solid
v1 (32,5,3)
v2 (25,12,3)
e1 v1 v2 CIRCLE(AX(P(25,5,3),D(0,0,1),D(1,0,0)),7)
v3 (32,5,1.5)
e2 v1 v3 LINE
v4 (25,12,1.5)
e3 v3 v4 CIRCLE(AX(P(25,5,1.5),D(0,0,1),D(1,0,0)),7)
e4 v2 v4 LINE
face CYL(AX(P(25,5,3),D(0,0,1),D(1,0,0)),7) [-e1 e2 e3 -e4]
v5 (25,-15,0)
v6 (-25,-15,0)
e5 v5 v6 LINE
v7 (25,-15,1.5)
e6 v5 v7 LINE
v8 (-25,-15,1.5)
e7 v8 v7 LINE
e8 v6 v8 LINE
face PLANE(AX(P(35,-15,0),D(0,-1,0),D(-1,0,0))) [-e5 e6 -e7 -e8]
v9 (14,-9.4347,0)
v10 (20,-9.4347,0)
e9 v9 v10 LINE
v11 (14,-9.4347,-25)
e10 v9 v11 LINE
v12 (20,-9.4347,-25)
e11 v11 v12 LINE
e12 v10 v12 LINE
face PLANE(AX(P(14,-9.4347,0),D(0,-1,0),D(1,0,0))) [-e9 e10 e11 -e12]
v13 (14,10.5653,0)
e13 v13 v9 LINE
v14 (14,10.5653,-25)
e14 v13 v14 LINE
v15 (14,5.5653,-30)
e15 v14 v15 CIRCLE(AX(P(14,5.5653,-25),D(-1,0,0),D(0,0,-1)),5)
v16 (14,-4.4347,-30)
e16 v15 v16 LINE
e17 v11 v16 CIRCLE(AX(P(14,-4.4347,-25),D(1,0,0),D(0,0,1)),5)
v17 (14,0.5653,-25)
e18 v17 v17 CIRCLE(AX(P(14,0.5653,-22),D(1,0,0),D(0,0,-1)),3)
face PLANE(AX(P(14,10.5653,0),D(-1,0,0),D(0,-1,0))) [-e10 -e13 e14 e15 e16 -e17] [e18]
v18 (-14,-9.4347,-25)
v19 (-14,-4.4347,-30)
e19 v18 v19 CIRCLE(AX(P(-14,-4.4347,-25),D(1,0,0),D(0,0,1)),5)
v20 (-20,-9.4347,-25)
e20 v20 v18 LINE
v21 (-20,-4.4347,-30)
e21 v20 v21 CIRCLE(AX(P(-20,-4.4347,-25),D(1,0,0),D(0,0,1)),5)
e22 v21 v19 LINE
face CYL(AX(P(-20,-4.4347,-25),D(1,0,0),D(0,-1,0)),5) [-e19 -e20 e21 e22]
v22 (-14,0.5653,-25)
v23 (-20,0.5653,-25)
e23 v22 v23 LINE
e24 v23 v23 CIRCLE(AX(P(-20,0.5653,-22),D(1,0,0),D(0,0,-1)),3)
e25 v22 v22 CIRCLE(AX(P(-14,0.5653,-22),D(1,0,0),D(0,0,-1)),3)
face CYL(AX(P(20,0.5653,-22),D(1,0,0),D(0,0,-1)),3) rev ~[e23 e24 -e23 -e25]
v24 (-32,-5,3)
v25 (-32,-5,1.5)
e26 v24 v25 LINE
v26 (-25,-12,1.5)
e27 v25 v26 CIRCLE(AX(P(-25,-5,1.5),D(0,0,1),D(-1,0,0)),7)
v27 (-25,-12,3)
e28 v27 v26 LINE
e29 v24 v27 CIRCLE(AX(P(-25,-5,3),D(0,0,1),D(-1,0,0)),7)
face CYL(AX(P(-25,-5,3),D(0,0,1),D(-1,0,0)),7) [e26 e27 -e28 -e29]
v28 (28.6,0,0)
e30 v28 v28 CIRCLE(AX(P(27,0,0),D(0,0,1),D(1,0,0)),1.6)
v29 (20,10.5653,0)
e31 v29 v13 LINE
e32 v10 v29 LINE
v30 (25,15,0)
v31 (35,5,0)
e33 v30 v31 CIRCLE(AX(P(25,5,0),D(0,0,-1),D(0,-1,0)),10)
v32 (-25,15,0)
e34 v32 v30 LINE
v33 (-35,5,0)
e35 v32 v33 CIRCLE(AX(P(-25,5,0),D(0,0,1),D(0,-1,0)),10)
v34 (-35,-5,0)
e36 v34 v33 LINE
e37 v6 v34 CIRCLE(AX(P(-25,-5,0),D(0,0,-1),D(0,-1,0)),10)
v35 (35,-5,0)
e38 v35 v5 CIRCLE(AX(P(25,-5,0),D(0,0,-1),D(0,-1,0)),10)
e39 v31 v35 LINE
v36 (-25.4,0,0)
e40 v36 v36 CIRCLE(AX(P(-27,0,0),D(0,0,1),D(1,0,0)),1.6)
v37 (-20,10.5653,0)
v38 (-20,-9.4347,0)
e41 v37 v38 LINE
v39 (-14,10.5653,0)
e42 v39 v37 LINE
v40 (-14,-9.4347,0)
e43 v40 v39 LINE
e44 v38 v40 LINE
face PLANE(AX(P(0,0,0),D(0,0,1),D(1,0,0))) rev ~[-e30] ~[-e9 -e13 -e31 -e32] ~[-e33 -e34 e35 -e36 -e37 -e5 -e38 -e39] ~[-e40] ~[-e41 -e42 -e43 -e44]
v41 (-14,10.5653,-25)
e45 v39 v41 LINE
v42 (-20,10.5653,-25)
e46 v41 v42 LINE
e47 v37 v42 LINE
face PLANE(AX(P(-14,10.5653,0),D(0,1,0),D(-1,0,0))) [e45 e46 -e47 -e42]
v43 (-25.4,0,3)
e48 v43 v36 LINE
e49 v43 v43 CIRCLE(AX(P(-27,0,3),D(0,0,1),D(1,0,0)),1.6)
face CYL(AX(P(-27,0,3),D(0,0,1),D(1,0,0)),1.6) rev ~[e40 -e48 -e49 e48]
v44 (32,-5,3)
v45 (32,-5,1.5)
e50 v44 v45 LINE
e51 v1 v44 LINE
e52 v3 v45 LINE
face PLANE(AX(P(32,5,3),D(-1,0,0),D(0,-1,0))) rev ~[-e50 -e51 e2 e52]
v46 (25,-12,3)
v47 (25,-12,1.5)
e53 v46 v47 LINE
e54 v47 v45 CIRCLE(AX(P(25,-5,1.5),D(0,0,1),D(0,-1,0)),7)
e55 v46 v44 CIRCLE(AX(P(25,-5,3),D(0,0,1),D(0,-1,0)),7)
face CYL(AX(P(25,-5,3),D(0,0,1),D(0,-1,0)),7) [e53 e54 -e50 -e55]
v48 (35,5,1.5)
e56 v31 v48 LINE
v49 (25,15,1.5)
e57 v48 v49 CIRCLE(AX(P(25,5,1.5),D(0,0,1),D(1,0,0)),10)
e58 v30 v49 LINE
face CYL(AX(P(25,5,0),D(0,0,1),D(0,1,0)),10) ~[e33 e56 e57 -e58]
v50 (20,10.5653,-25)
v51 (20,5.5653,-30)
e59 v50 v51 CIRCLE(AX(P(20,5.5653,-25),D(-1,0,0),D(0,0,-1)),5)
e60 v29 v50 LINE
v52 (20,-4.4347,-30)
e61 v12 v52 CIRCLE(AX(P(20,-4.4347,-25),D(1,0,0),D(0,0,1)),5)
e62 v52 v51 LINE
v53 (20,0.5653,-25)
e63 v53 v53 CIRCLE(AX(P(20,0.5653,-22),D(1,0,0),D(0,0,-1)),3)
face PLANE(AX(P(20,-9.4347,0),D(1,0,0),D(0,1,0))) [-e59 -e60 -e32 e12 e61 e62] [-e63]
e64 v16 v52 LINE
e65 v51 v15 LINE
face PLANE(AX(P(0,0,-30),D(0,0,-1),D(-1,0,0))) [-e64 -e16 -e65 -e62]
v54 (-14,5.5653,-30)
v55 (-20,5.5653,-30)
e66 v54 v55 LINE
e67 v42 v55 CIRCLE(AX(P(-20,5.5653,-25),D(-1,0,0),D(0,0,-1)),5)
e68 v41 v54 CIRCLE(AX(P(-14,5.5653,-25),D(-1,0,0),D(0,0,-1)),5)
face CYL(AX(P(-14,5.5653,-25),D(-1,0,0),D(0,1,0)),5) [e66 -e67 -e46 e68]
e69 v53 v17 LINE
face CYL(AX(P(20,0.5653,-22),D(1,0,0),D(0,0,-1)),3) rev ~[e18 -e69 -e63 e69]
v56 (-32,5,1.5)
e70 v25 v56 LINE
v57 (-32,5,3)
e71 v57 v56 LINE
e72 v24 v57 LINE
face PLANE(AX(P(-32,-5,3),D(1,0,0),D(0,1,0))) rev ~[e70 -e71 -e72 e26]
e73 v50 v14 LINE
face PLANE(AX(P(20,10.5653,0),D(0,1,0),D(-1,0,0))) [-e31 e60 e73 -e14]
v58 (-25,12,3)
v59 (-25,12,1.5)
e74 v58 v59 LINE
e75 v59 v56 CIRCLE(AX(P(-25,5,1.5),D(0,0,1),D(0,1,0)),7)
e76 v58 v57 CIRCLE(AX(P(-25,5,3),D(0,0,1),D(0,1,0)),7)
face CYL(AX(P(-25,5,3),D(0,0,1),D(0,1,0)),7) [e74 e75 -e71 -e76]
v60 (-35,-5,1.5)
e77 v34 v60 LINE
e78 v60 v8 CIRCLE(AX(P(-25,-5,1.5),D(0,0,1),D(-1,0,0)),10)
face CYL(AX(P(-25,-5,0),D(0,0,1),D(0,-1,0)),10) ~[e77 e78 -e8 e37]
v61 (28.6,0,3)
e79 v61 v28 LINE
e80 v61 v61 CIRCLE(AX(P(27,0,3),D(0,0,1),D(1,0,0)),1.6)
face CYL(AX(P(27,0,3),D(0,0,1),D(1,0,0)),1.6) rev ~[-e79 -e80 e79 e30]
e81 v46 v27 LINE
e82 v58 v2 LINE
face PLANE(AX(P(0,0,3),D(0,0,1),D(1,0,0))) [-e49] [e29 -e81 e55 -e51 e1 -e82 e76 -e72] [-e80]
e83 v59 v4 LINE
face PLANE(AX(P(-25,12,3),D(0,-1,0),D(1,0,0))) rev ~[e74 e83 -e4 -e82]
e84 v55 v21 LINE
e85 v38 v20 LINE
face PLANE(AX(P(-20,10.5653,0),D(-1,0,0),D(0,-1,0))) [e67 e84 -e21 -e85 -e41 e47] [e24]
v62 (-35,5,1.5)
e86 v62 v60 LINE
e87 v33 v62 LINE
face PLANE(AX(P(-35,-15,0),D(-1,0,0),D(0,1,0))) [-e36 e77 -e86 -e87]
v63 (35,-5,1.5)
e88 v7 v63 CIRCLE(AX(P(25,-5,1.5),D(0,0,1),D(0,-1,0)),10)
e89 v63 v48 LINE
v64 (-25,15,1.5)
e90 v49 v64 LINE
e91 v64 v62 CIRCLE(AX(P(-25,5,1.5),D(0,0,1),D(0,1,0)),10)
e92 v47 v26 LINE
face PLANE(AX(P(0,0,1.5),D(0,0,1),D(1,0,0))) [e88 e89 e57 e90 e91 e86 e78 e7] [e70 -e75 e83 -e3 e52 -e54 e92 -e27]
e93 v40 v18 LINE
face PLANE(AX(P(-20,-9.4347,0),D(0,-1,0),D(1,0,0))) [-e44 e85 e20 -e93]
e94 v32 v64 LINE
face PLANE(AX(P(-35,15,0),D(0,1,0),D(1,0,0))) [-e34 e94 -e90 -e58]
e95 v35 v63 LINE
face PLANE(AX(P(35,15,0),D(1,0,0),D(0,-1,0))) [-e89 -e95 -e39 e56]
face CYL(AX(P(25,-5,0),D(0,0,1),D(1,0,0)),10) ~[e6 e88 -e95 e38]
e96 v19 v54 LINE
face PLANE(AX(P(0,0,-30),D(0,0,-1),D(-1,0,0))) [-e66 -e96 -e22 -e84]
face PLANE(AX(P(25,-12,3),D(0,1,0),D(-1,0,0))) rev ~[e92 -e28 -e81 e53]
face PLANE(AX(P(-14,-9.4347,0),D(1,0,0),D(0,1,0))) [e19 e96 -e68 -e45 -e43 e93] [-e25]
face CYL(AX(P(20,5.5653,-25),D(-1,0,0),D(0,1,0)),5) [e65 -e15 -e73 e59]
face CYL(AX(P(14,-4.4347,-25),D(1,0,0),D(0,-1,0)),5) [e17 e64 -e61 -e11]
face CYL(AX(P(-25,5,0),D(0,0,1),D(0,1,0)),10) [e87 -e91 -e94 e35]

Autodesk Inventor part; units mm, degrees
ref_plane "YZ Plane" through (0, 0, 0) normal (1, 0, 0) x (0, 1, 0)
ref_plane "XZ Plane" through (0, 0, 0) normal (0, 1, 0) x (-1, 0, 0)
ref_plane "XY Plane" through (0, 0, 0) normal (0, 0, 1) x (1, 0, 0)
sketch "Sketch1" plane through (0, 0, 0) normal (0, 0, 1) x (1, 0, 0)
  line L0 (-35, 15) -> (35, 15)
  line L1 (35, 15) -> (35, -15)
  line L2 (35, -15) -> (-35, -15)
  line L3 (-35, -15) -> (-35, 15)
  point P0 (0, 0)
  dimension "d0" = 70
  dimension "d1" = 30
  dimension "d7" = 35
  dimension "d8" = 15
extrude "Extrusion1" add sketch "Sketch1" along normal blind 3
fillet "Fillet1" radius 10 4 edges at (-35, 15, 1.5) (-35, -15, 1.5) (35, -15, 1.5) (35, 15, 1.5)
sketch "Sketch6" plane through (0, 0, 3) normal (0, 0, 1) x (1, 0, 0)
  arc A0 (35, 5) -> (25, 15) centre (25, 5) ccw projected
  line L0 (25, 15) -> (-25, 15) projected
  arc A1 (-25, 15) -> (-35, 5) centre (-25, 5) ccw projected
  line L1 (-35, 5) -> (-35, -5) projected
  arc A2 (-35, -5) -> (-25, -15) centre (-25, -5) ccw projected
  line L2 (-25, -15) -> (25, -15) projected
  arc A3 (25, -15) -> (35, -5) centre (25, -5) ccw projected
  line L3 (35, -5) -> (35, 5) projected
  arc A4 (-25, 12) -> (-32, 5) centre (-25, 5) ccw
  line L4 (-25, 12) -> (25, 12)
  arc A5 (32, 5) -> (25, 12) centre (25, 5) ccw
  line L5 (32, 5) -> (32, -5)
  arc A6 (25, -12) -> (32, -5) centre (25, -5) ccw
  line L6 (25, -12) -> (-25, -12)
  arc A7 (-32, -5) -> (-25, -12) centre (-25, -5) ccw
  line L7 (-32, -5) -> (-32, 5)
  point P0 (0, 0)
  dimension "d43" = 3
extrude "Extrusion5" cut sketch "Sketch6" against normal blind 1.5
sketch "Sketch7" plane through (0, 0, 3) normal (0, 0, 1) x (1, 0, 0)
  line L0 (-35, -5) -> (-35, 5) projected
  line L1 (35, 5) -> (35, -5) projected
  circle A0 centre (-27, 0) radius 1.6
  circle A1 centre (27, 0) radius 1.6
  point P0 (0, 0)
  point P1 (-35, 0)
  dimension "d46" = 3.2
  dimension "d47" = 8
  dimension "d48" = 3.2
  dimension "d49" = 8
extrude "Extrusion6" cut sketch "Sketch7" against normal through all
sketch "Sketch8" plane through (0, 0, 0) normal (0, 0, -1) x (-1, 0, 0)
  line L0 (-20, 10.5653) -> (-14, 10.5653)
  line L1 (-14, 10.5653) -> (-14, -9.4347)
  line L2 (-14, -9.4347) -> (-20, -9.4347)
  line L3 (-20, -9.4347) -> (-20, 10.5653)
  line L4 (14, 10.5653) -> (20, 10.5653)
  line L5 (20, 10.5653) -> (20, -9.4347)
  line L6 (20, -9.4347) -> (14, -9.4347)
  line L7 (14, -9.4347) -> (14, 10.5653)
  line L8 (-35, -5) -> (-35, 5) projected
  line L9 (35, 5) -> (35, -5) projected
  point P0 (0, 0)
  point P1 (-35, 0)
  dimension "d52" = 20
  dimension "d53" = 6
  dimension "d54" = 6
  dimension "d55" = 15
  dimension "d56" = 15
extrude "Extrusion7" add sketch "Sketch8" along normal blind 30
sketch "Sketch9" plane through (20, -9.4347, 0) normal (1, 0, 0) x (0, 0, -1)
  circle A0 centre (22, 10) radius 3
  line L0 (0, 0) -> (30, 0) projected
  line L1 (30, 20) -> (30, 0) projected
  point P0 (0, 9.4347)
  dimension "d59" = 6
  dimension "d60" = 10
  dimension "d61" = 8
extrude "Extrusion8" cut sketch "Sketch9" against normal through all
fillet "Fillet2" radius 5 4 edges at (17, -9.4347, -30) (17, 10.5653, -30) (-17, 10.5653, -30) (-17, -9.4347, -30)
equation "\"d7\" = 0.5 * d0"
equation "\"d8\" = 0.5 * d1"
properties part number "sensor_cover_ultrasonic_2"
